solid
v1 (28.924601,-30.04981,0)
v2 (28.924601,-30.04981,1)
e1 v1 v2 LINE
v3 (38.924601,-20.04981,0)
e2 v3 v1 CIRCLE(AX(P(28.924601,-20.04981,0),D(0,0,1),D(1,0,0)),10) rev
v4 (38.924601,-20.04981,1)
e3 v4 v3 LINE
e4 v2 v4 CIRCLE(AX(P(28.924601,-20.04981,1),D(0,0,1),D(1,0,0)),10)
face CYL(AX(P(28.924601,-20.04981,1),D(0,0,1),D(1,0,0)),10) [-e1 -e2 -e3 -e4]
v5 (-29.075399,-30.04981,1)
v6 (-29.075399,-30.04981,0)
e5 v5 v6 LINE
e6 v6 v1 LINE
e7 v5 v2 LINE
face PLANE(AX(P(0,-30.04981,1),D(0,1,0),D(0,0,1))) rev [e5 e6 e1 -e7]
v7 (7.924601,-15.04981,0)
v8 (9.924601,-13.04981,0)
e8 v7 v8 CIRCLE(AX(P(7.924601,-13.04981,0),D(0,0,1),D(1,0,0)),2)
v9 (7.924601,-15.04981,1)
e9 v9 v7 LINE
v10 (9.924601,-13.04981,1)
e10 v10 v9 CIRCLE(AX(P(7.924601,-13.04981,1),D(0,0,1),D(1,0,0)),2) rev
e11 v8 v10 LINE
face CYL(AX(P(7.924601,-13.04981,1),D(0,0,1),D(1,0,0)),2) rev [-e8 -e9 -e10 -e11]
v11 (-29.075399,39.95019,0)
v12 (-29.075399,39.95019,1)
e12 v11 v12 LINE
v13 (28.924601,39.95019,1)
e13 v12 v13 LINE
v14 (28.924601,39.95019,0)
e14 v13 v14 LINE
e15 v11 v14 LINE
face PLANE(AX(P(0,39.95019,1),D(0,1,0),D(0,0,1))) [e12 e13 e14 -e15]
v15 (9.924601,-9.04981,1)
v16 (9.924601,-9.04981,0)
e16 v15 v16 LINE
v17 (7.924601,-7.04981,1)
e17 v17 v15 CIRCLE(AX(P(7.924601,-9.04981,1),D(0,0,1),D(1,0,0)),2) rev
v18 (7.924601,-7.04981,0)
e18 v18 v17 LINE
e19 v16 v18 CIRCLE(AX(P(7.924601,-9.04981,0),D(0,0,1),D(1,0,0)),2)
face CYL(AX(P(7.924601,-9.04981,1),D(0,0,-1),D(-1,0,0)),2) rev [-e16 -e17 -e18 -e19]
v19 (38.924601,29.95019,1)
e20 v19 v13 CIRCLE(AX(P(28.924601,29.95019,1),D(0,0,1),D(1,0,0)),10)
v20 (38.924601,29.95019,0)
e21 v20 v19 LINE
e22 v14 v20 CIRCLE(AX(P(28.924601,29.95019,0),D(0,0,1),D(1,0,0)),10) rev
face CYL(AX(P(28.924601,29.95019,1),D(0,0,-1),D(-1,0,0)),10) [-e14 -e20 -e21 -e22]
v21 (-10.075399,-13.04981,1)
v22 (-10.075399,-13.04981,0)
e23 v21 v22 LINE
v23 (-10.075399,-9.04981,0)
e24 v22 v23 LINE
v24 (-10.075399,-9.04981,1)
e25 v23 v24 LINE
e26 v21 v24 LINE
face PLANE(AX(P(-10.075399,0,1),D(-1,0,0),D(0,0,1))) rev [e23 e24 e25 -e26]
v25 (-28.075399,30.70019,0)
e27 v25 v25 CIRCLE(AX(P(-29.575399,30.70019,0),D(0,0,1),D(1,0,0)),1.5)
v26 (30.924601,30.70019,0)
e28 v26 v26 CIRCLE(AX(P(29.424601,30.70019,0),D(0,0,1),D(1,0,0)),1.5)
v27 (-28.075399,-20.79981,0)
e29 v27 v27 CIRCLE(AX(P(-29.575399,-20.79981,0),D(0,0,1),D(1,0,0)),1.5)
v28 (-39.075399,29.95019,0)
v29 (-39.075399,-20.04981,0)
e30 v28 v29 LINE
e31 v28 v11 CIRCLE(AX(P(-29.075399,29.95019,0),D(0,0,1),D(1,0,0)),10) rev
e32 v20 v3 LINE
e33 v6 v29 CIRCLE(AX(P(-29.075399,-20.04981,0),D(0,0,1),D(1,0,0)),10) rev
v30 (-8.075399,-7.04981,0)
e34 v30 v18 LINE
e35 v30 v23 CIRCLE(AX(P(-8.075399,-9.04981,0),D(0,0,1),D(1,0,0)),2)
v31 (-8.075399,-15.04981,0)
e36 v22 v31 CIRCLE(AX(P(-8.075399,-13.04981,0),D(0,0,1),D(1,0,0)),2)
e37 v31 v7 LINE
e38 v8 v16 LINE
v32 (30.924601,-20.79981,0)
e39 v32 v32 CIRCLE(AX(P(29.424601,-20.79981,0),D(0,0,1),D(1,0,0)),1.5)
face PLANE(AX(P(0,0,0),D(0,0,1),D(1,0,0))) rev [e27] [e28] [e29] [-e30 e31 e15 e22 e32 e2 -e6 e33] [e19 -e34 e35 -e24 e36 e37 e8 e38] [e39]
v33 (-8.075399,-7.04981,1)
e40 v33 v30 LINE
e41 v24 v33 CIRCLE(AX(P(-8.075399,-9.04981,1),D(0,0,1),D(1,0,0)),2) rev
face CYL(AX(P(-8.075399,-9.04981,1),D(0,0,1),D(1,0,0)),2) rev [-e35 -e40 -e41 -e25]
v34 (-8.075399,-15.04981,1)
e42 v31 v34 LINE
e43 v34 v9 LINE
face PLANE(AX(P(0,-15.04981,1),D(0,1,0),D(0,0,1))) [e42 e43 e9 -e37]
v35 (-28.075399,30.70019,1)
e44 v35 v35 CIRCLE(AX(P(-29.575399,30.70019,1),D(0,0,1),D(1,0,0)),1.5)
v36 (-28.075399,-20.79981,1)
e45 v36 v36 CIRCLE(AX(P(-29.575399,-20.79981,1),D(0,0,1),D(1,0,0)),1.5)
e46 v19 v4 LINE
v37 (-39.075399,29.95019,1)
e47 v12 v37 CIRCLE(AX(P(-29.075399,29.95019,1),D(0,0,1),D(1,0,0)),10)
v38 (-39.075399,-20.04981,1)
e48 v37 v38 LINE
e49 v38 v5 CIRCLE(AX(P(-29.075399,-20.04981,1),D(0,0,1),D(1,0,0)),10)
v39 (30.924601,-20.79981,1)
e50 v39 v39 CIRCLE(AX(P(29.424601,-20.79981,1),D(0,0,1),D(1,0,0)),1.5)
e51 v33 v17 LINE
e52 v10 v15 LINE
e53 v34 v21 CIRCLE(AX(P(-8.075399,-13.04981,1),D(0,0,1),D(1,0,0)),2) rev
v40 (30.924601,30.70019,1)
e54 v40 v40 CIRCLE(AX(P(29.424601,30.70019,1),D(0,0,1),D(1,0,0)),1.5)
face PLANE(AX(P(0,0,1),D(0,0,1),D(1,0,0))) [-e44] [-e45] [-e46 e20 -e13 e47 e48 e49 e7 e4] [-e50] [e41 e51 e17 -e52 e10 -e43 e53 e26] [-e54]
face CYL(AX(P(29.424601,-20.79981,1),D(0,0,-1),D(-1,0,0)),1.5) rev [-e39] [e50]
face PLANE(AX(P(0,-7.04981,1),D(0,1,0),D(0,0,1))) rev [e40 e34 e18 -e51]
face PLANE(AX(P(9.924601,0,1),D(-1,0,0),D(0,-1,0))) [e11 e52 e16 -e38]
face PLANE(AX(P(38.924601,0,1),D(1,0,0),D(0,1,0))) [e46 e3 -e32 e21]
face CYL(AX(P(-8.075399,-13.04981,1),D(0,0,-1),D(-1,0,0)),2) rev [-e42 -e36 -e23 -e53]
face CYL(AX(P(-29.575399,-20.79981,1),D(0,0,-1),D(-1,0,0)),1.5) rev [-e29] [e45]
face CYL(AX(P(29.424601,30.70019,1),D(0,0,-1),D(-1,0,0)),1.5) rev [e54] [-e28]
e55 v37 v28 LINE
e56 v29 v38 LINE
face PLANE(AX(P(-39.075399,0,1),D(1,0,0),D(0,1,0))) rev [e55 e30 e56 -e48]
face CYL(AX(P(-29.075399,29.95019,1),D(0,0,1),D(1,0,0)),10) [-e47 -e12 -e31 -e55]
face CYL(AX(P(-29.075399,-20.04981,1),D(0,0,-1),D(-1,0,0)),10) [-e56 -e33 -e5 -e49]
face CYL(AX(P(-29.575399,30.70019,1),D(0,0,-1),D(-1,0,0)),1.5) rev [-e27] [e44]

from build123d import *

# Parameters (mm, degrees)
SKETCH1_W           = 78
SKETCH1_H           = 70
SKETCH1_W_2         = 48
SKETCH1_H_2         = 40
SKETCH1_W_3         = 5
SKETCH1_H_3         = 6.5
SKETCH1_R           = 1.5
BOSS_EXTRUDE2_DEPTH = 1
FILLET2_R           = 10
FILLET3_R           = 2


with BuildPart() as part:
    # Sketch1 → Boss-Extrude2 (new body)
    # profile 1 of 6: a face of its own
    with BuildSketch(Plane.XY):
        with Locations((-0.075399098, 4.950190099)):
            Rectangle(SKETCH1_W, SKETCH1_H)
        with Locations((-0.075399098, 4.950190099)):
            Rectangle(SKETCH1_W_2, SKETCH1_H_2, mode=Mode.SUBTRACT)
        with Locations((-29.575399098, -20.799809901)):
            Rectangle(SKETCH1_W_3, SKETCH1_H_3, mode=Mode.SUBTRACT)
        with Locations((-29.575399098, 30.700190099)):
            Rectangle(SKETCH1_W_3, SKETCH1_H_3, mode=Mode.SUBTRACT)
        with Locations((29.424600902, 30.700190099)):
            Rectangle(SKETCH1_W_3, SKETCH1_H_3, mode=Mode.SUBTRACT)
        with Locations((29.424600902, -20.799809901)):
            Rectangle(SKETCH1_W_3, SKETCH1_H_3, mode=Mode.SUBTRACT)
    # profile 2 of 6: a face of its own
    with BuildSketch(Plane.XY):
        with Locations((29.424600902, -20.799809901)):
            Rectangle(SKETCH1_W_3, SKETCH1_H_3)
        with Locations((29.424600902, -20.799809901)):
            Circle(SKETCH1_R, mode=Mode.SUBTRACT)
    # profile 3 of 6: a face of its own
    with BuildSketch(Plane.XY):
        with Locations((-29.575399098, -20.799809901)):
            Rectangle(SKETCH1_W_3, SKETCH1_H_3)
        with Locations((-29.575399098, -20.799809901)):
            Circle(SKETCH1_R, mode=Mode.SUBTRACT)
    # profile 4 of 6: a face of its own
    with BuildSketch(Plane.XY):
        with Locations((29.424600902, 30.700190099)):
            Rectangle(SKETCH1_W_3, SKETCH1_H_3)
        with Locations((29.424600902, 30.700190099)):
            Circle(SKETCH1_R, mode=Mode.SUBTRACT)
    # profile 5 of 6: a face of its own
    with BuildSketch(Plane.XY):
        Polygon((23.924600902, 24.950190099), (-24.075399098, 24.950190099), (-24.075399098, -15.049809901), (-10.075399098, -15.049809901), (-10.075399098, -7.049809901), (9.924600902, -7.049809901), (9.924600902, -15.049809901), (23.924600902, -15.049809901), align=None)
    # profile 6 of 6: a face of its own
    with BuildSketch(Plane.XY):
        with Locations((-29.575399098, 30.700190099)):
            Rectangle(SKETCH1_W_3, SKETCH1_H_3)
        with Locations((-29.575399098, 30.700190099)):
            Circle(SKETCH1_R, mode=Mode.SUBTRACT)
    extrude(amount=BOSS_EXTRUDE2_DEPTH)

    # Fillet2
    fillet2_edges = [part.edges().sort_by_distance(p)[0] for p in [
        (38.924600902, -30.049809901, 0.5),
        (-39.075399098, -30.049809901, 0.5),
        (-39.075399098, 39.950190099, 0.5),
        (38.924600902, 39.950190099, 0.5),
    ]]
    fillet(fillet2_edges, radius=FILLET2_R)

    # Fillet3
    fillet3_edges = [part.edges().sort_by_distance(p)[0] for p in [
        (9.924600902, -15.049809901, 0.5),
        (9.924600902, -7.049809901, 0.5),
        (-10.075399098, -7.049809901, 0.5),
        (-10.075399098, -15.049809901, 0.5),
    ]]
    fillet(fillet3_edges, radius=FILLET3_R)


solid = part.part
